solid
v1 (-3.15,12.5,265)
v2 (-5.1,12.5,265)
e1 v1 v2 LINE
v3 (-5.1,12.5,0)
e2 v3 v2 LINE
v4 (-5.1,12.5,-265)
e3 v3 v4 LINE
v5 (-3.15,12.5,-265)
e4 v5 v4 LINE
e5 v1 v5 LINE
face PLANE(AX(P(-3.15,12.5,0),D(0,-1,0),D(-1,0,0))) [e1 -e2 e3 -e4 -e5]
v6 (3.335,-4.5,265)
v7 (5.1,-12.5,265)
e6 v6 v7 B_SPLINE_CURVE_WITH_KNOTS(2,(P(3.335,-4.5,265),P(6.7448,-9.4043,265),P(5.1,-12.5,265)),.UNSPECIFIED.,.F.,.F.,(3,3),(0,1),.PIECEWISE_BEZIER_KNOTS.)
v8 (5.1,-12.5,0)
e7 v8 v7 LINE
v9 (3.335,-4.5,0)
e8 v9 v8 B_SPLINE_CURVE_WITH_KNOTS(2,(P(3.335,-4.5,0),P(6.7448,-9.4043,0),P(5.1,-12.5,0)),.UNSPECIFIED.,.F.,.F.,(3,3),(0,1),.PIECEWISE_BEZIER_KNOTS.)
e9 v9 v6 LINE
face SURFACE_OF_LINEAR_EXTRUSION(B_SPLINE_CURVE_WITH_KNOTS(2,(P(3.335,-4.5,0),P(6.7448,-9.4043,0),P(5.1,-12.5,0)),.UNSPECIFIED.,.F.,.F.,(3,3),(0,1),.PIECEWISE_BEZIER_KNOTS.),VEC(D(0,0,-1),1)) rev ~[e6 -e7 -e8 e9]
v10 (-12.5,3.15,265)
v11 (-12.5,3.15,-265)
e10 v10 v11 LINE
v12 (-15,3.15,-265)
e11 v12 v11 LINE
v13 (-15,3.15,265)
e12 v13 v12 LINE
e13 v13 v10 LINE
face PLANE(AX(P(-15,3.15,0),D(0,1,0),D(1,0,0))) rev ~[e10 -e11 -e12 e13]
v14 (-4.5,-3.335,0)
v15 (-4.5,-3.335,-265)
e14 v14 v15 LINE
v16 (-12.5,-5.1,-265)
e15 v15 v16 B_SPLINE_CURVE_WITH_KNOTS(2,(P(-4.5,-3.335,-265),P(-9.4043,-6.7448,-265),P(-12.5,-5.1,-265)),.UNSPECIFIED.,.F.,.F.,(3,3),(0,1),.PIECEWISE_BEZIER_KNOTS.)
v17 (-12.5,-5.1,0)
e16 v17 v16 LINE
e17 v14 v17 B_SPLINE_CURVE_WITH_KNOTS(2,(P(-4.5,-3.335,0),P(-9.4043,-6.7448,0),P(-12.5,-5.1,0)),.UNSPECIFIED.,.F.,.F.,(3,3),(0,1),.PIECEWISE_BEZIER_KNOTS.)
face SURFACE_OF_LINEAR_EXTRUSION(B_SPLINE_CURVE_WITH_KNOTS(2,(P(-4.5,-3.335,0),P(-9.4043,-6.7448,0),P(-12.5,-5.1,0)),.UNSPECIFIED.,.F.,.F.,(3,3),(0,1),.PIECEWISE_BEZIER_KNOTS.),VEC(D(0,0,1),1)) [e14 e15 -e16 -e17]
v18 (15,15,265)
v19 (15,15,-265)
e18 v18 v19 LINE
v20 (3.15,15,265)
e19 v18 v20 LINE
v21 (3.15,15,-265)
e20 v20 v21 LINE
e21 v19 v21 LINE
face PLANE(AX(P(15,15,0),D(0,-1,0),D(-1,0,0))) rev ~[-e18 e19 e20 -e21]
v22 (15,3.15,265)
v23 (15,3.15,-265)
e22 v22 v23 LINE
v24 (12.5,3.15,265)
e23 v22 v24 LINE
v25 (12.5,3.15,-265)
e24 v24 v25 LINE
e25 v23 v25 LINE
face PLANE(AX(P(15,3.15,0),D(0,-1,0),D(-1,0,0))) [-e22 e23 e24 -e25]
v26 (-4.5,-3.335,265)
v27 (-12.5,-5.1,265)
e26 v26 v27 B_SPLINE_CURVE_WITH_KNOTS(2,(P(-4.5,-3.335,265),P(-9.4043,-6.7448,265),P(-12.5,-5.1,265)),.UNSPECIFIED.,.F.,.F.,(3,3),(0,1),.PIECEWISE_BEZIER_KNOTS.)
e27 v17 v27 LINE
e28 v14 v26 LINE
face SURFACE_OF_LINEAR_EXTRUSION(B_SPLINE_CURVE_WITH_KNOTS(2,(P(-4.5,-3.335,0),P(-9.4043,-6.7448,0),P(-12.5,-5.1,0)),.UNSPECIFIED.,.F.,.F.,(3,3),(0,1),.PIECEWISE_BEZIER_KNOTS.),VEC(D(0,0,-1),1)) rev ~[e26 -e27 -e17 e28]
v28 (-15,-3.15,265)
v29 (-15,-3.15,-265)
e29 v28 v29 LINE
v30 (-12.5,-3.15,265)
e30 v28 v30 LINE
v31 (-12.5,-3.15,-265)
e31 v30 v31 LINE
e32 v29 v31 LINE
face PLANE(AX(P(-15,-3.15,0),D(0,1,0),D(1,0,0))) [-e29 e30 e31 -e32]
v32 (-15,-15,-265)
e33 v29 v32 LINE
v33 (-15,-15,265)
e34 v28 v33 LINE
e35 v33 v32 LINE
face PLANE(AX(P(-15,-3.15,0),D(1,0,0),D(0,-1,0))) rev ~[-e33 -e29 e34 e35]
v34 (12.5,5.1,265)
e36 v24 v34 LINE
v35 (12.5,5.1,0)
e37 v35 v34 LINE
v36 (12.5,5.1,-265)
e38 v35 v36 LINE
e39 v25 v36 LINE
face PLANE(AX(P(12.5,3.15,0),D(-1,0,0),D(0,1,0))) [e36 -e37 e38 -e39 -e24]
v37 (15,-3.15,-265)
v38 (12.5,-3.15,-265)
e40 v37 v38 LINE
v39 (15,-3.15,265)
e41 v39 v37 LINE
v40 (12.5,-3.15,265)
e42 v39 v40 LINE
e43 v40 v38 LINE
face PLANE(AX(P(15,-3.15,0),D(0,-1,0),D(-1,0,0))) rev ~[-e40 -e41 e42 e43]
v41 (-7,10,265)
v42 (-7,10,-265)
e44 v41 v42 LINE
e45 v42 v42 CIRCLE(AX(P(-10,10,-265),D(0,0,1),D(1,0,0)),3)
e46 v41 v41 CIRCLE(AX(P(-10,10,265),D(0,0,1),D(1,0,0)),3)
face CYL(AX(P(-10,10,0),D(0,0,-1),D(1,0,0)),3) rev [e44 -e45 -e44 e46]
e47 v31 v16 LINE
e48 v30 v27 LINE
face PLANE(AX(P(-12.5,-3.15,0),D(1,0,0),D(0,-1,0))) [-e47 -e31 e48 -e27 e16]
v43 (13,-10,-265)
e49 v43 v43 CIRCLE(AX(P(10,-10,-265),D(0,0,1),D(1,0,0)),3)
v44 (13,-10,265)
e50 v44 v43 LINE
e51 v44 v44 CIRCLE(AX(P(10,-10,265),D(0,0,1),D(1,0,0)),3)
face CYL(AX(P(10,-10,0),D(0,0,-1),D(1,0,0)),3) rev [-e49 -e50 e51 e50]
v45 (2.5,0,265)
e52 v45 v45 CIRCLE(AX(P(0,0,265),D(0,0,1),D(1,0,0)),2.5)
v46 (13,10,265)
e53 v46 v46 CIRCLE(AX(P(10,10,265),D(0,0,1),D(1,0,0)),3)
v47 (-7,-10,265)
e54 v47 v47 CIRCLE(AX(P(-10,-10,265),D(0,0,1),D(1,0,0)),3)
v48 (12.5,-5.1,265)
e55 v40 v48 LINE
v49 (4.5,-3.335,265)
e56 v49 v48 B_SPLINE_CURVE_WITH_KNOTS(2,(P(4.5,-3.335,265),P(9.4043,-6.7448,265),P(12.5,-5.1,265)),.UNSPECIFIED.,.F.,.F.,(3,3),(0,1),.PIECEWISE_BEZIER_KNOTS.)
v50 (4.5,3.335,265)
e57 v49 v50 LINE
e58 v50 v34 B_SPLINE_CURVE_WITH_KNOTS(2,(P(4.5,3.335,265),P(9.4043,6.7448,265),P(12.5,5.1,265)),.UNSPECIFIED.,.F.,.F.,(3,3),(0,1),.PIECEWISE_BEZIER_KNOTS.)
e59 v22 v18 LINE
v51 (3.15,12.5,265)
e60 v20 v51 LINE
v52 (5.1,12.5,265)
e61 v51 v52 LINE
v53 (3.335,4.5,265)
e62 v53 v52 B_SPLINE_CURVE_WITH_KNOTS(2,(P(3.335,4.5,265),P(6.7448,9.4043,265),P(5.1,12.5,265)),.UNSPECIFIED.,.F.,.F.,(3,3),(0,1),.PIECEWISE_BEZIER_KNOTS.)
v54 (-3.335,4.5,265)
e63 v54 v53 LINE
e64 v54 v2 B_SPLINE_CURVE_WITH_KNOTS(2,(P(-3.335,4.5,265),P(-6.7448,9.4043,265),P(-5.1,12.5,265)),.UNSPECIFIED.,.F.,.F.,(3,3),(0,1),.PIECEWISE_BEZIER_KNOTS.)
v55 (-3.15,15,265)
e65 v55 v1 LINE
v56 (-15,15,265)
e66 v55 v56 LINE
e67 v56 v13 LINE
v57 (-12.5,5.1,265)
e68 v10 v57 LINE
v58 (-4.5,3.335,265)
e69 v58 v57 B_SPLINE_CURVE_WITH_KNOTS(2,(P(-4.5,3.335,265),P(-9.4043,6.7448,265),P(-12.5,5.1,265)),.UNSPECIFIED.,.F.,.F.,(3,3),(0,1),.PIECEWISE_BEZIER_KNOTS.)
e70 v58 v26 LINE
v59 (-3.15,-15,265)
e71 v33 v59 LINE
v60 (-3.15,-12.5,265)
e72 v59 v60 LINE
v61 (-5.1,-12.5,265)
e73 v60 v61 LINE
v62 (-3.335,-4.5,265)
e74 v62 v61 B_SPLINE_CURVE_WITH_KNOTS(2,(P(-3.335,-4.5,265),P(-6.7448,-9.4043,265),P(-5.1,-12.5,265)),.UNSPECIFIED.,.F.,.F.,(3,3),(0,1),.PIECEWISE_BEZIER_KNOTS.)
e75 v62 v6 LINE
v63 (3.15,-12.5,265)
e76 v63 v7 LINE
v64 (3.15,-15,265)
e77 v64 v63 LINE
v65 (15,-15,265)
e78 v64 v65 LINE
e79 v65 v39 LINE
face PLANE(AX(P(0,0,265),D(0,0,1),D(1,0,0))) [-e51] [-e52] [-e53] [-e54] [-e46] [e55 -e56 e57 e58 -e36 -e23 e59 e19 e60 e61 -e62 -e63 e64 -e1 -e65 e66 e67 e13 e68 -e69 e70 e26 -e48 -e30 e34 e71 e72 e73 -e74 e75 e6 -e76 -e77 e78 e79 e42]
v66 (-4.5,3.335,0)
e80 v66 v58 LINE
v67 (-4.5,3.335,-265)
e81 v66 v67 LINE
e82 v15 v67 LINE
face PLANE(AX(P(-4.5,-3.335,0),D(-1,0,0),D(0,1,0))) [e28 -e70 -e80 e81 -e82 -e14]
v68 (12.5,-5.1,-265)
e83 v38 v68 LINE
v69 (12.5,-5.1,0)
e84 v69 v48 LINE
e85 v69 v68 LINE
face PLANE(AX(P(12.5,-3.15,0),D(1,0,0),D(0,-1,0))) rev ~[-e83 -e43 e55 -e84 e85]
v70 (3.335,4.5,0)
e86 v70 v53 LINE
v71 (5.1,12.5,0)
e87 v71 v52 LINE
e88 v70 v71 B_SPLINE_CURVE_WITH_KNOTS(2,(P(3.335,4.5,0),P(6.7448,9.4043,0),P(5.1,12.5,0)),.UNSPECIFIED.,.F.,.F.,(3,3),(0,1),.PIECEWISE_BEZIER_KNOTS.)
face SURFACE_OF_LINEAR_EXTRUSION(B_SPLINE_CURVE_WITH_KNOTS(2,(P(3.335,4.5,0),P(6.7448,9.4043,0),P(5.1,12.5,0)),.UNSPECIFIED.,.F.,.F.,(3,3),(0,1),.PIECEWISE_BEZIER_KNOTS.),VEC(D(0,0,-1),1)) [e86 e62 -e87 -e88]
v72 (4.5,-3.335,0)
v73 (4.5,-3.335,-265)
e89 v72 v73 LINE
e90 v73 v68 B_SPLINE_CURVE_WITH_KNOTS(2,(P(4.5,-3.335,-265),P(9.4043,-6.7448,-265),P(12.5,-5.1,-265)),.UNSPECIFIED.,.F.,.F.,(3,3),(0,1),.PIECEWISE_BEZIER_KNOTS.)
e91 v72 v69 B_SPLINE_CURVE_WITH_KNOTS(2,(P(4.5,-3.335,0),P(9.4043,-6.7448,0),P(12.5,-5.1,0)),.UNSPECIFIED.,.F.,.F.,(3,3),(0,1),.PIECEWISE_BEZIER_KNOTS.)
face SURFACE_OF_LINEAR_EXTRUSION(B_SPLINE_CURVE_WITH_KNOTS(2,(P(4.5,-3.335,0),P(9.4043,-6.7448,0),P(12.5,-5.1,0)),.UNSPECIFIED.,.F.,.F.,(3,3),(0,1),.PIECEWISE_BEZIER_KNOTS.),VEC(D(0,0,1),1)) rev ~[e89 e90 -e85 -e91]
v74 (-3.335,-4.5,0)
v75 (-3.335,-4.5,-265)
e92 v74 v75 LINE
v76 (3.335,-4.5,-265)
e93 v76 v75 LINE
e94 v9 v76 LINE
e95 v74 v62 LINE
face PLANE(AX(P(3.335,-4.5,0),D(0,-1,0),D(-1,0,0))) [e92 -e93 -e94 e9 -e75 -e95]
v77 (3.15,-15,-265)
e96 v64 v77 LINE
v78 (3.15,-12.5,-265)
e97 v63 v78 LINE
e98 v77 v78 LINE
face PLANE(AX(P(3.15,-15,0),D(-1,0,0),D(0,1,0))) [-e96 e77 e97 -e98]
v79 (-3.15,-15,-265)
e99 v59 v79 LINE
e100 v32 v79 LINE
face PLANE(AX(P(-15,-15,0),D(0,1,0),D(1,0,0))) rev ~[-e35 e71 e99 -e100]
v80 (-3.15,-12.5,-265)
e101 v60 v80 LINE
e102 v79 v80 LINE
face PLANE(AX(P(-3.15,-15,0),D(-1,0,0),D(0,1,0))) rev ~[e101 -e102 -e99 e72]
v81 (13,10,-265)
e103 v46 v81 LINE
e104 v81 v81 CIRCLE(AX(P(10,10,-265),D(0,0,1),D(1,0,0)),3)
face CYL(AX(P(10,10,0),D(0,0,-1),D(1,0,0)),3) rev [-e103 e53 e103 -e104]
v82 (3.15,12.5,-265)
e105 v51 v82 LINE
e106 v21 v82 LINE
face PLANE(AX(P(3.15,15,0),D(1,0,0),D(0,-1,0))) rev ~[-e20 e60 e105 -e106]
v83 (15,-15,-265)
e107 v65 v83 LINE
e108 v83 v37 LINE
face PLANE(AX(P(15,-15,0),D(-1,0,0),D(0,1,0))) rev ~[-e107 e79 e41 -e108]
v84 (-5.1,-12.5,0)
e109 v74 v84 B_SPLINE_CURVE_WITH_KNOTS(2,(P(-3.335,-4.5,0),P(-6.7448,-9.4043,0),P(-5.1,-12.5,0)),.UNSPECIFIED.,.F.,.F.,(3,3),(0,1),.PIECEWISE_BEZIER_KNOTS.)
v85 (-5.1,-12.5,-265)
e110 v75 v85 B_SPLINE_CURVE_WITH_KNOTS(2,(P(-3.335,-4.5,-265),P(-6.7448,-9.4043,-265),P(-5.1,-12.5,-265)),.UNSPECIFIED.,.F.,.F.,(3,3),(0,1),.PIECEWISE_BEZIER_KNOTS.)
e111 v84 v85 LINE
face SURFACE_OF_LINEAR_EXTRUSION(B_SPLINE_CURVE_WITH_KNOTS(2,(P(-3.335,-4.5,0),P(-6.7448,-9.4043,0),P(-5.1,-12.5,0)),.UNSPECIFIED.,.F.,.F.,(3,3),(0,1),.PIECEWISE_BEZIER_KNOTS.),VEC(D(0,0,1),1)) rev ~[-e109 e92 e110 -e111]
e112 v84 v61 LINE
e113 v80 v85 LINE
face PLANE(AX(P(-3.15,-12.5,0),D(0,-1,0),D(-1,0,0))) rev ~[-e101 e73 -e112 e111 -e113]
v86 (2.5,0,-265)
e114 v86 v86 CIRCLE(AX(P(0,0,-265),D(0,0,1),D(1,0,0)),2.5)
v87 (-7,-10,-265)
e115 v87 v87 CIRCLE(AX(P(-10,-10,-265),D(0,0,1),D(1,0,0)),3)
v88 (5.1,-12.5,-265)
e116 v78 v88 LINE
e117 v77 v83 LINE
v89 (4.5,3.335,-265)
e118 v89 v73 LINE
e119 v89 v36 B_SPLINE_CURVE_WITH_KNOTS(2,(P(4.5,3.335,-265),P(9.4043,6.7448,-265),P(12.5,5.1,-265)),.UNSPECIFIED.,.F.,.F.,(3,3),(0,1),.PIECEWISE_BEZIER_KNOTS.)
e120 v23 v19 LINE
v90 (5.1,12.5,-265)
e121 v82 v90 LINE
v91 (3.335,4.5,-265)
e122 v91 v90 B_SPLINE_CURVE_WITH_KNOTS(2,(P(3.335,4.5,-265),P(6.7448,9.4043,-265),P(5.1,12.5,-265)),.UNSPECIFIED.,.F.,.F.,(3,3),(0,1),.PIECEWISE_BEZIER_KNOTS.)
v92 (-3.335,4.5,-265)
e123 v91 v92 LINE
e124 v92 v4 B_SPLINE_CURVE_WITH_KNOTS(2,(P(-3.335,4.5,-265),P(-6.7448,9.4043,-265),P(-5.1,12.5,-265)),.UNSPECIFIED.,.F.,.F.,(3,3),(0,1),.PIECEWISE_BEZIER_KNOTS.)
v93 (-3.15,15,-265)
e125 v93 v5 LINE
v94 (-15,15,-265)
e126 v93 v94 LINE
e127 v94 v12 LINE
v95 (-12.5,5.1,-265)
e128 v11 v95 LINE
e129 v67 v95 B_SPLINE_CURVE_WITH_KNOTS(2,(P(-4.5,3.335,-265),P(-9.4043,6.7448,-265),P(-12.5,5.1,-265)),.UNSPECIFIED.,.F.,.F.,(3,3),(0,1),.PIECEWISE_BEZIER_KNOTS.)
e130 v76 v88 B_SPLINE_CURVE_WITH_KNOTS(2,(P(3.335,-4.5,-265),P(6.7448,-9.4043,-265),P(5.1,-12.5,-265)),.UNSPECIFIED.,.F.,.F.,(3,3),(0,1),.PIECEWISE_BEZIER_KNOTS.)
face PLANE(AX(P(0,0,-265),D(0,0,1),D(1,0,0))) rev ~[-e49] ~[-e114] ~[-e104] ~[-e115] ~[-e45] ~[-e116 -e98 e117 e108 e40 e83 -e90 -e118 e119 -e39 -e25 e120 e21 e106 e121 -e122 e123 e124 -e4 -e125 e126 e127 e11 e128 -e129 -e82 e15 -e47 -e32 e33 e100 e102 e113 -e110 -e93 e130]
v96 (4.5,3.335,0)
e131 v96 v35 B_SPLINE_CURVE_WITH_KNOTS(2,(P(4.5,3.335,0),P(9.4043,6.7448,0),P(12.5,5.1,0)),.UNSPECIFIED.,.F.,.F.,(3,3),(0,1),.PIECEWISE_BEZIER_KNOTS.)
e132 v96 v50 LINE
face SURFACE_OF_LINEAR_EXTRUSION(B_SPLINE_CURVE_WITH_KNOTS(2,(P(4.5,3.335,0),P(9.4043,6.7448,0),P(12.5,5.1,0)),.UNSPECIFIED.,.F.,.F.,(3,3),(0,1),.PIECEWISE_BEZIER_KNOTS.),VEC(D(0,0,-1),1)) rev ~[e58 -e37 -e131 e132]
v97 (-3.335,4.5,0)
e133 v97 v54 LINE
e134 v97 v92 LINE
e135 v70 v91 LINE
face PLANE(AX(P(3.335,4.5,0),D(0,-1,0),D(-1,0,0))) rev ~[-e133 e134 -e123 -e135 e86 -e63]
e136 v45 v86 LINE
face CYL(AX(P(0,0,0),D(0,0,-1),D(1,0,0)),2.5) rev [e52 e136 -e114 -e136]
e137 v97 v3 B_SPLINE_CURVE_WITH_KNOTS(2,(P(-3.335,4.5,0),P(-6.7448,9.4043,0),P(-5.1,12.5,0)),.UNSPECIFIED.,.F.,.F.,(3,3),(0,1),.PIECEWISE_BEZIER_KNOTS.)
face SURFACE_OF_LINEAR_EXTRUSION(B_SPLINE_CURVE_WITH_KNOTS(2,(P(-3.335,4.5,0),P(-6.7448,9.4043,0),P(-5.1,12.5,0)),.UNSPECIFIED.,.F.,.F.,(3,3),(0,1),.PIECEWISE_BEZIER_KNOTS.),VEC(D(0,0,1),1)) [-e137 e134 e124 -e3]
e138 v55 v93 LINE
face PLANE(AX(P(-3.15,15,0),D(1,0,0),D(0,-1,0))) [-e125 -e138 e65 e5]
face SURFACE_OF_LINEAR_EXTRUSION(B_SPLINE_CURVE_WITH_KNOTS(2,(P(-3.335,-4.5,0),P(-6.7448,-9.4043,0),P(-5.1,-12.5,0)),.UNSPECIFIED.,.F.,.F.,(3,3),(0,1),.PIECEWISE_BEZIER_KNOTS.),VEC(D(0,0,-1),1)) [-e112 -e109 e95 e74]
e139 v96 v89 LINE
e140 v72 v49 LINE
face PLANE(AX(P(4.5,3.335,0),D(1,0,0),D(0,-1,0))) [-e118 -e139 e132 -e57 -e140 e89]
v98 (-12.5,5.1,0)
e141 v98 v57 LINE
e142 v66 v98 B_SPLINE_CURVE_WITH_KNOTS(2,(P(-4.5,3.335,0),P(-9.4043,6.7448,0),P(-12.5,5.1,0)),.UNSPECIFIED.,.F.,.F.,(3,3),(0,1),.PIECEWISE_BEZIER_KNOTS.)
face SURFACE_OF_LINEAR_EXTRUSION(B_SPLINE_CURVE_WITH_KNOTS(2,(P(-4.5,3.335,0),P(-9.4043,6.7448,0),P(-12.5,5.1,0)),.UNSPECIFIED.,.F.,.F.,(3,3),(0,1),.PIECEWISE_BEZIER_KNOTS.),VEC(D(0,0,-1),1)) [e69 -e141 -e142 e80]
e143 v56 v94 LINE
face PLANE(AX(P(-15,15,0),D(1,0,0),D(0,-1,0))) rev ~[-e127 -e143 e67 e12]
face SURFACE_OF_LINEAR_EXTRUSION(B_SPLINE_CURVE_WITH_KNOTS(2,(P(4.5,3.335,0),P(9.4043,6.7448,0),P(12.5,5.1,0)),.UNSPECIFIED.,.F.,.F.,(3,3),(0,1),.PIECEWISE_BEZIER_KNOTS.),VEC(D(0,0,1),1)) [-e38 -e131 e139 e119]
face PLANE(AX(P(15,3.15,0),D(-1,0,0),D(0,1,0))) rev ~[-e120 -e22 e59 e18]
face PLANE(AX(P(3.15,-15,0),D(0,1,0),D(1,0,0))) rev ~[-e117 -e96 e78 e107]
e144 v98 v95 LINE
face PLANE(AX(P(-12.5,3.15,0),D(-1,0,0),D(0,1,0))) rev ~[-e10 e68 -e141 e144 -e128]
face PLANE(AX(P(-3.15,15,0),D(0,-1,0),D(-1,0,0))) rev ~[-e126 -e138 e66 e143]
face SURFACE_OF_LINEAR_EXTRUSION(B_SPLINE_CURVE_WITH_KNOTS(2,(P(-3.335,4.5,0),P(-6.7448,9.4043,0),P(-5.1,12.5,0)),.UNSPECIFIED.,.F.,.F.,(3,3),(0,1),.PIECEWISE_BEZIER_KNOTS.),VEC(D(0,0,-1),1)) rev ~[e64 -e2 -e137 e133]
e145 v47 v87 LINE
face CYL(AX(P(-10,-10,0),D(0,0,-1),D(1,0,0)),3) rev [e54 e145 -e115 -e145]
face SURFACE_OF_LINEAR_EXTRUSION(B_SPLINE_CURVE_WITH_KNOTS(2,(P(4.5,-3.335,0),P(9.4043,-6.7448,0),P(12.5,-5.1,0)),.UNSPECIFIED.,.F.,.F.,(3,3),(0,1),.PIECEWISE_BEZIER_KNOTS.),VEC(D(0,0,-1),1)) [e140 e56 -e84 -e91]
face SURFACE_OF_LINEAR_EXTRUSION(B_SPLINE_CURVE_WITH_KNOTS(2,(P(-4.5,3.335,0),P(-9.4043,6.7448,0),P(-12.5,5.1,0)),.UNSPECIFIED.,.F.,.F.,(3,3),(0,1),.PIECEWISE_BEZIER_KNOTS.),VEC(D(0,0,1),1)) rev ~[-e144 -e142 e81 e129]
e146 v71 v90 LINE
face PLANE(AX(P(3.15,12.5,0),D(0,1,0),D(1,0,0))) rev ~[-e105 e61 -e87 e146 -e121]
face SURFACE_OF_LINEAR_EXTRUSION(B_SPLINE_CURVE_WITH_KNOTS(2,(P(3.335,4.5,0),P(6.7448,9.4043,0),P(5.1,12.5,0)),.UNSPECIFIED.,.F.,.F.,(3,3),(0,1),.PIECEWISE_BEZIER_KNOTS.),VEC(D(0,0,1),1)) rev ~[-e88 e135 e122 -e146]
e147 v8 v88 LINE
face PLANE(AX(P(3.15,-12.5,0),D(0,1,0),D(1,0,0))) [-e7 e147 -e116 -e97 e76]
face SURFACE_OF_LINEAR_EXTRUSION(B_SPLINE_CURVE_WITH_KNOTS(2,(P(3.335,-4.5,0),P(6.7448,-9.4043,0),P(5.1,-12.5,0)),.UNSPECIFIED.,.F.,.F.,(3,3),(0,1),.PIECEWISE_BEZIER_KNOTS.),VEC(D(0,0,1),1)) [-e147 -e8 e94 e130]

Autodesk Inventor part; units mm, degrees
ref_plane "YZ Plane" through (0, 0, 0) normal (1, 0, 0) x (0, 1, 0)
ref_plane "XZ Plane" through (0, 0, 0) normal (0, 1, 0) x (-1, 0, 0)
ref_plane "XY Plane" through (0, 0, 0) normal (0, 0, 1) x (1, 0, 0)
sketch "스케치1" plane through (0, 0, 0) normal (0, 0, 1) x (1, 0, 0)
  line L0 (3.335, 4.5) -> (0, 4.5)
  spline S0 degree 2 poles (3.335, 4.5) (6.7448, 9.4043) (5.1, 12.5) knots 0 0 0 1 1 1
  line L1 (4.5, 3.335) -> (4.5, 0)
  line L2 (-15, 15) -> (-15, -15)
  line L3 (-15, -15) -> (15, -15)
  line L4 (15, -15) -> (-15, 15) construction
  line L5 (-15, -15) -> (15, 15) construction
  line L6 (15, -3.15) -> (12.5, -3.15)
  line L7 (4.5, -3.335) -> (4.5, 0)
  line L8 (12.5, -3.15) -> (12.5, -5.1)
  spline S1 degree 2 poles (4.5, -3.335) (9.4043, -6.7448) (12.5, -5.1) knots 0 0 0 1 1 1
  line L9 (15, -15) -> (15, 15)
  circle A0 centre (10, -10) radius 3
  line L10 (15, 3.15) -> (12.5, 3.15)
  circle A1 centre (10, 10) radius 3
  spline S2 degree 2 poles (4.5, 3.335) (9.4043, 6.7448) (12.5, 5.1) knots 0 0 0 1 1 1
  line L11 (3.15, 12.5) -> (5.1, 12.5)
  line L12 (15, 15) -> (-15, 15)
  line L13 (0, 0) -> (0, 15) construction
  line L14 (3.15, 15) -> (3.15, 12.5)
  line L15 (-3.15, 15) -> (-3.15, 12.5)
  line L16 (-3.15, 12.5) -> (-5.1, 12.5)
  line L17 (-3.335, 4.5) -> (0, 4.5)
  spline S3 degree 2 poles (-3.335, 4.5) (-6.7448, 9.4043) (-5.1, 12.5) knots 0 0 0 1 1 1
  line L18 (-4.5, 3.335) -> (-4.5, 0)
  spline S4 degree 2 poles (-4.5, 3.335) (-9.4043, 6.7448) (-12.5, 5.1) knots 0 0 0 1 1 1
  line L19 (-12.5, 3.15) -> (-12.5, 5.1)
  line L20 (-15, 3.15) -> (-12.5, 3.15)
  circle A2 centre (-10, 10) radius 3
  circle A3 centre (0, 0) radius 2.5
  line L21 (-4.5, -3.335) -> (-4.5, 0)
  line L22 (-15, -3.15) -> (-12.5, -3.15)
  line L23 (-12.5, -3.15) -> (-12.5, -5.1)
  spline S5 degree 2 poles (-4.5, -3.335) (-9.4043, -6.7448) (-12.5, -5.1) knots 0 0 0 1 1 1
  line L24 (-3.335, -4.5) -> (0, -4.5)
  circle A4 centre (-10, -10) radius 3
  line L25 (3.335, -4.5) -> (0, -4.5)
  spline S6 degree 2 poles (-3.335, -4.5) (-6.7448, -9.4043) (-5.1, -12.5) knots 0 0 0 1 1 1
  line L26 (-3.15, -12.5) -> (-5.1, -12.5)
  line L27 (-3.15, -15) -> (-3.15, -12.5)
  spline S7 degree 2 poles (3.335, -4.5) (6.7448, -9.4043) (5.1, -12.5) knots 0 0 0 1 1 1
  line L28 (3.15, -12.5) -> (5.1, -12.5)
  line L29 (3.15, -15) -> (3.15, -12.5)
  line L30 (12.5, 3.15) -> (12.5, 5.1)
  point P0 (5.5866, 9.5531)
  point P1 (9.5531, -5.5866)
  point P2 (9.5531, 5.5866)
  point P3 (-5.5866, 9.5531)
  point P4 (-9.5531, 5.5866)
  point P5 (-9.5531, -5.5866)
  point P6 (-5.5866, -9.5531)
  point P7 (5.5866, -9.5531)
  dimension "d2" = 30
  dimension "d3" = 30
  dimension "d4" = 6
  dimension "d5" = 5
  dimension "d6" = 6.3
  dimension "d7" = 10.2
  dimension "d8" = 6.67
  dimension "d9" = 8
  dimension "d10" = 2.5
  dimension "d11" = 360
  dimension "d12" = 20
extrude "돌출1" add sketch "스케치1" along normal mid plane 530 contours S0 L11 L14 L12 L9 L10 L30 S2 L1 L7 S1 L8 L6 L3 L29 L28 S7 L25 L24 S6 L26 L27 L2 L22 L23 S5 L21 L18 S4 L19 L20 L15 L16 S3 L17 L0
equation "\"TransitionRadius\" = BendRadius"
equation "\"BendRadius\" = 0.5"
properties part number "3030 Aluminium Profile 530mm"
